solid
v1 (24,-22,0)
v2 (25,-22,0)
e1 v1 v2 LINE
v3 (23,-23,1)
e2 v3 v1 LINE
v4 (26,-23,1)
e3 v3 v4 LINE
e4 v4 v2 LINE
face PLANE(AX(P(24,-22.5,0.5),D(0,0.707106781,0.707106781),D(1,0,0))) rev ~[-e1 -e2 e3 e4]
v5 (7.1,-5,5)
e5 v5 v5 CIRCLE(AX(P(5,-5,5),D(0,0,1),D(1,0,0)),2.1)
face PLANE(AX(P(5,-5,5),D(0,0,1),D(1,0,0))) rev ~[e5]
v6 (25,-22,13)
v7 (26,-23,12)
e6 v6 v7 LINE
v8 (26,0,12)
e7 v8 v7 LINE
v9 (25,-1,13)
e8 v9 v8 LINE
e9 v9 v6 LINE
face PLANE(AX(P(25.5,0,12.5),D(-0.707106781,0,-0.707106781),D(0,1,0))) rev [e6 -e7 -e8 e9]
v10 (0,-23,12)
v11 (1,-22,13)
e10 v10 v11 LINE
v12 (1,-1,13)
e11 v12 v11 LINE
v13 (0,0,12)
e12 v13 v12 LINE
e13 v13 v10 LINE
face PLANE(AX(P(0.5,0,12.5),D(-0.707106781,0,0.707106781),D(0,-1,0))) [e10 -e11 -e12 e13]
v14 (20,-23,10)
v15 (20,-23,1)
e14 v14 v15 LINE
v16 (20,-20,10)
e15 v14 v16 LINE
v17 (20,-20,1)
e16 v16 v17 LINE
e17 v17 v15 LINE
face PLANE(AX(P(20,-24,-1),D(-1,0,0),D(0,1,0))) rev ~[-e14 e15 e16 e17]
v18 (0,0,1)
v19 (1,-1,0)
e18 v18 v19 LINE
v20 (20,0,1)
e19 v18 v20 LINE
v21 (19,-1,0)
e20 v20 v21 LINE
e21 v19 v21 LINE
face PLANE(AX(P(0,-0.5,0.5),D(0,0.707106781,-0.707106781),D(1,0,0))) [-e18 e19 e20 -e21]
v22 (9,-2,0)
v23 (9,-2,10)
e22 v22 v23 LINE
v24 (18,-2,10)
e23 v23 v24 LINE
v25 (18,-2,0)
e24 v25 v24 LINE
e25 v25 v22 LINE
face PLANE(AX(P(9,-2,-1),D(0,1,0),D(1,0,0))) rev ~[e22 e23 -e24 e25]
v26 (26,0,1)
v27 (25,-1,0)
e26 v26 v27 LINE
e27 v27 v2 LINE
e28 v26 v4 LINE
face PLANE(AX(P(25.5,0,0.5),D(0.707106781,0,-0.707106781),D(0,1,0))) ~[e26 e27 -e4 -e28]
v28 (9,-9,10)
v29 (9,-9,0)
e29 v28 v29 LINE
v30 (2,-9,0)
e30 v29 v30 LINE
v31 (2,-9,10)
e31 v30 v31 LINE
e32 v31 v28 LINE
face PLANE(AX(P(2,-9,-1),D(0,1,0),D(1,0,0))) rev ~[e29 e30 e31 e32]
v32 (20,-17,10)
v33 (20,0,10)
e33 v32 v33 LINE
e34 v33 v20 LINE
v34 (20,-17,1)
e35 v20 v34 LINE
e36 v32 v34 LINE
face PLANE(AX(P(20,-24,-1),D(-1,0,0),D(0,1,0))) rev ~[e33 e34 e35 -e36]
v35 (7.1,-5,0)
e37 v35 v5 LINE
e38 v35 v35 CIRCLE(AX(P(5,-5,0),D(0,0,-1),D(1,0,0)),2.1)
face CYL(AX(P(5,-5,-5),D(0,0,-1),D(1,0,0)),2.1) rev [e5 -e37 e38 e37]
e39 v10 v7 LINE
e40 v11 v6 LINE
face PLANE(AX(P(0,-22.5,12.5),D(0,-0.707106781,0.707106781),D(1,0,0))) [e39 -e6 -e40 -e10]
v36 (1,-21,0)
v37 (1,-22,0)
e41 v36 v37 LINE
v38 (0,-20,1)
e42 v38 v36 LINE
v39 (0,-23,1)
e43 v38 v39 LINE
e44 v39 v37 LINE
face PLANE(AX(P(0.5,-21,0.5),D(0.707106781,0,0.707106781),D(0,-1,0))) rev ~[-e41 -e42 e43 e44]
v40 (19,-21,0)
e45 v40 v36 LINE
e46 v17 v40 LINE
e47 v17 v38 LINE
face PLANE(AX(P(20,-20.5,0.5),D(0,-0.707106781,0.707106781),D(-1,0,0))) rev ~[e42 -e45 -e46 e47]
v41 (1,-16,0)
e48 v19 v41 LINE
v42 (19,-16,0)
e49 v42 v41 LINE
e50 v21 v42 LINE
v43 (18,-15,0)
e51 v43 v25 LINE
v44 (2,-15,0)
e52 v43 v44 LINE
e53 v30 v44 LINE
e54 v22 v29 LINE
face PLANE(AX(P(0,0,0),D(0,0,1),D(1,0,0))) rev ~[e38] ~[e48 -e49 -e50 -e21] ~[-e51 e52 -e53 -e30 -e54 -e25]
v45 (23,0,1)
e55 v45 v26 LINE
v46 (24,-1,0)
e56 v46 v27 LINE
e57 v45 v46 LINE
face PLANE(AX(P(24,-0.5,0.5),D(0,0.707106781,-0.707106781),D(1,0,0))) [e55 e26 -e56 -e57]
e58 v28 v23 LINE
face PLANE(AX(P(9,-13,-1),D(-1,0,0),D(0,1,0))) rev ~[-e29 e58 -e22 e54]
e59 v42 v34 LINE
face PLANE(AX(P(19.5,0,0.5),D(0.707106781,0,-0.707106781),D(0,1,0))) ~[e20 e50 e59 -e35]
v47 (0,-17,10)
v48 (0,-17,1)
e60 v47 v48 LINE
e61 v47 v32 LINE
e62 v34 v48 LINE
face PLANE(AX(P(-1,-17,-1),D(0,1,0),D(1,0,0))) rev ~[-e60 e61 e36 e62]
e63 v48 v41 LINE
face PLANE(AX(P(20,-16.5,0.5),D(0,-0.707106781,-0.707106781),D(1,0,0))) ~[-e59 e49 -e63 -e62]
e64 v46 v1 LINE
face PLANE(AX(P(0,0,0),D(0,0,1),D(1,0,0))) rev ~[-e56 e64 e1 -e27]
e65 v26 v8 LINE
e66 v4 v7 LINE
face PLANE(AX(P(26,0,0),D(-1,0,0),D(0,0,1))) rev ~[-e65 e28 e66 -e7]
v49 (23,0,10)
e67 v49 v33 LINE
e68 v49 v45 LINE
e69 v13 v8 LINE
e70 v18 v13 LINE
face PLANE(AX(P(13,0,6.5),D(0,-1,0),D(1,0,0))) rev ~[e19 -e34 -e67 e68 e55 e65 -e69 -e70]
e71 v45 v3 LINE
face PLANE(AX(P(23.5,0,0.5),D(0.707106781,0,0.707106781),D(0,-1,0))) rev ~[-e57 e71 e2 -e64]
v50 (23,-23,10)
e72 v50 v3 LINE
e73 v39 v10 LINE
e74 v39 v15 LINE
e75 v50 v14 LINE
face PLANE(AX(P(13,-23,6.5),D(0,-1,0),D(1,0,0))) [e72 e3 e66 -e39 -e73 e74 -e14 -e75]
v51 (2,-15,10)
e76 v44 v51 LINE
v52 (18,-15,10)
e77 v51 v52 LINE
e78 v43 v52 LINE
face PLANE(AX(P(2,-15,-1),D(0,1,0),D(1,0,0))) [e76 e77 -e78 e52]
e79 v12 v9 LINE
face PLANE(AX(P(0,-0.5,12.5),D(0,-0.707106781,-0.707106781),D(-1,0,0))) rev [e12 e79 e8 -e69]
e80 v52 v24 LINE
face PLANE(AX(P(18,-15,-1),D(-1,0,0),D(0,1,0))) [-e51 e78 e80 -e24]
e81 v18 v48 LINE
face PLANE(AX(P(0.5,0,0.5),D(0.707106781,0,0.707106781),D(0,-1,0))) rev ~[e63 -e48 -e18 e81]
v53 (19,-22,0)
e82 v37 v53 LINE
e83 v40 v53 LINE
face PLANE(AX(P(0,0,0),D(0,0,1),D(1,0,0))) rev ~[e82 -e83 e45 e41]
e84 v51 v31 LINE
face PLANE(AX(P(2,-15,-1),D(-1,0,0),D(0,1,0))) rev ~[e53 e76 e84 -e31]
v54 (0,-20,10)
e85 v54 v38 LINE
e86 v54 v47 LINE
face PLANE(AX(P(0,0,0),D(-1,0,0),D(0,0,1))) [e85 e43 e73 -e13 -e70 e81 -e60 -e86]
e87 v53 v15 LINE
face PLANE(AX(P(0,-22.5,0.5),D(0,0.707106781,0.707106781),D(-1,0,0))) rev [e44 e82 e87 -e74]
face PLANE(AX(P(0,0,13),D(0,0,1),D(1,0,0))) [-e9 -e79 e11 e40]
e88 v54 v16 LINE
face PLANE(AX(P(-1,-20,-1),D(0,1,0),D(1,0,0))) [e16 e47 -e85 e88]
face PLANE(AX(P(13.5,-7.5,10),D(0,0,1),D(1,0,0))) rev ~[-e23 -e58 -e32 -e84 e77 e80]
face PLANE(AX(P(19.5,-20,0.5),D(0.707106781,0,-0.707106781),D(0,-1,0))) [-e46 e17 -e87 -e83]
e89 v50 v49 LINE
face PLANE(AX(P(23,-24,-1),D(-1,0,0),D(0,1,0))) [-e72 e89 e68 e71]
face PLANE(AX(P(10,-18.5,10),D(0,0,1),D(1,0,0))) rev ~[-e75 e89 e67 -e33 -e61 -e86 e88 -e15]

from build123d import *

# Parameters (mm, degrees)
CYLINDER001_R     = 2.1
CYLINDER001_DEPTH = 10
BOX004_W          = 16
BOX004_H          = 6
BOX004_DEPTH      = 11
BOX003_W          = 9
BOX003_H          = 11
BOX003_DEPTH      = 11
BOX002_W          = 22
BOX002_H          = 3
BOX002_DEPTH      = 11
BOX001_W          = 3
BOX001_H          = 25
BOX001_DEPTH      = 11
CYLINDER_R        = 2
CYLINDER_DEPTH    = 10
BOX_W             = 26
BOX_H             = 13
BOX_DEPTH         = 23
BOX_ROLL_ANGLE    = 90
CHAMFER_SIZE      = 1
CHAMFER001_SIZE   = 1
CHAMFER002_SIZE   = 1


with BuildPart() as cylinder001:
    # Cylinder001 → Cylinder001 (new body)
    with BuildSketch(Plane(origin=(5, -5, -5), x_dir=(1, 0, 0), z_dir=(0, 0, 1))):
        Circle(CYLINDER001_R)
    extrude(amount=CYLINDER001_DEPTH)


with BuildPart() as cube004:
    # Box004 → Box004 (new body)
    with BuildSketch(Plane(origin=(2, -15, -1), x_dir=(1, 0, 0), z_dir=(0, 0, 1))):
        with Locations((8, 3)):
            Rectangle(BOX004_W, BOX004_H)
    extrude(amount=BOX004_DEPTH)


with BuildPart() as cube003:
    # Box003 → Box003 (new body)
    with BuildSketch(Plane(origin=(9, -13, -1), x_dir=(1, 0, 0), z_dir=(0, 0, 1))):
        with Locations((4.5, 5.5)):
            Rectangle(BOX003_W, BOX003_H)
    extrude(amount=BOX003_DEPTH)


with BuildPart() as cube002:
    # Box002 → Box002 (new body)
    with BuildSketch(Plane(origin=(-1, -20, -1), x_dir=(1, 0, 0), z_dir=(0, 0, 1))):
        with Locations((11, 1.5)):
            Rectangle(BOX002_W, BOX002_H)
    extrude(amount=BOX002_DEPTH)


with BuildPart() as cube001:
    # Box001 → Box001 (new body)
    with BuildSketch(Plane(origin=(20, -24, -1), x_dir=(1, 0, 0), z_dir=(0, 0, 1))):
        with Locations((1.5, 12.5)):
            Rectangle(BOX001_W, BOX001_H)
    extrude(amount=BOX001_DEPTH)


with BuildPart() as cylinder:
    # Cylinder → Cylinder (new body)
    with BuildSketch(Plane(origin=(5, -5, -5), x_dir=(1, 0, 0), z_dir=(0, 0, 1))):
        Circle(CYLINDER_R)
    extrude(amount=CYLINDER_DEPTH)


with BuildPart() as cut005:
    # Box → Box (new body)
    with BuildSketch(Plane.XY):
        with Locations((13, 6.5)):
            Rectangle(BOX_W, BOX_H)
    extrude(amount=BOX_DEPTH)


with BuildPart() as cut005_1:
    # Box roll: moved
    add(cut005.part.rotate(Axis((0, 0, 0), (1, 0, 0)), BOX_ROLL_ANGLE))


with BuildPart() as cut005_2:
    # Box placement: moved
    add(cut005_1.part)

    # Cut: cut Cylinder
    add(cylinder.part, mode=Mode.SUBTRACT)

    # Cut001: cut Cube001
    add(cube001.part, mode=Mode.SUBTRACT)

    # Cut002: cut Cube002
    add(cube002.part, mode=Mode.SUBTRACT)

    # Cut003: cut Cube003
    add(cube003.part, mode=Mode.SUBTRACT)

    # Cut004: cut Cube004
    add(cube004.part, mode=Mode.SUBTRACT)

    # Chamfer
    chamfer_edges = [cut005_2.edges().sort_by_distance(p)[0] for p in [
        (20, -8.5, 0),
        (10, -17, 0),
        (10, -20, 0),
        (20, -21.5, 0),
        (23, -11.5, 0),
    ]]
    chamfer(chamfer_edges, length=CHAMFER_SIZE)

    # Chamfer001
    chamfer001_edges = [cut005_2.edges().sort_by_distance(p)[0] for p in [
        (0, -8, 0),
        (0, -22, 0),
        (9.5, 0, 0),
        (25, 0, 0),
        (25, -23, 0),
        (9.5, -23, 0),
        (26, -11.5, 0),
    ]]
    chamfer(chamfer001_edges, length=CHAMFER001_SIZE)

    # Chamfer002
    chamfer002_edges = [cut005_2.edges().sort_by_distance(p)[0] for p in [
        (0, -11.5, 13),
        (13, 0, 13),
        (26, -11.5, 13),
        (13, -23, 13),
    ]]
    chamfer(chamfer002_edges, length=CHAMFER002_SIZE)

    # Cut005: cut Cylinder001
    add(cylinder001.part, mode=Mode.SUBTRACT)


solid = cut005_2.part
